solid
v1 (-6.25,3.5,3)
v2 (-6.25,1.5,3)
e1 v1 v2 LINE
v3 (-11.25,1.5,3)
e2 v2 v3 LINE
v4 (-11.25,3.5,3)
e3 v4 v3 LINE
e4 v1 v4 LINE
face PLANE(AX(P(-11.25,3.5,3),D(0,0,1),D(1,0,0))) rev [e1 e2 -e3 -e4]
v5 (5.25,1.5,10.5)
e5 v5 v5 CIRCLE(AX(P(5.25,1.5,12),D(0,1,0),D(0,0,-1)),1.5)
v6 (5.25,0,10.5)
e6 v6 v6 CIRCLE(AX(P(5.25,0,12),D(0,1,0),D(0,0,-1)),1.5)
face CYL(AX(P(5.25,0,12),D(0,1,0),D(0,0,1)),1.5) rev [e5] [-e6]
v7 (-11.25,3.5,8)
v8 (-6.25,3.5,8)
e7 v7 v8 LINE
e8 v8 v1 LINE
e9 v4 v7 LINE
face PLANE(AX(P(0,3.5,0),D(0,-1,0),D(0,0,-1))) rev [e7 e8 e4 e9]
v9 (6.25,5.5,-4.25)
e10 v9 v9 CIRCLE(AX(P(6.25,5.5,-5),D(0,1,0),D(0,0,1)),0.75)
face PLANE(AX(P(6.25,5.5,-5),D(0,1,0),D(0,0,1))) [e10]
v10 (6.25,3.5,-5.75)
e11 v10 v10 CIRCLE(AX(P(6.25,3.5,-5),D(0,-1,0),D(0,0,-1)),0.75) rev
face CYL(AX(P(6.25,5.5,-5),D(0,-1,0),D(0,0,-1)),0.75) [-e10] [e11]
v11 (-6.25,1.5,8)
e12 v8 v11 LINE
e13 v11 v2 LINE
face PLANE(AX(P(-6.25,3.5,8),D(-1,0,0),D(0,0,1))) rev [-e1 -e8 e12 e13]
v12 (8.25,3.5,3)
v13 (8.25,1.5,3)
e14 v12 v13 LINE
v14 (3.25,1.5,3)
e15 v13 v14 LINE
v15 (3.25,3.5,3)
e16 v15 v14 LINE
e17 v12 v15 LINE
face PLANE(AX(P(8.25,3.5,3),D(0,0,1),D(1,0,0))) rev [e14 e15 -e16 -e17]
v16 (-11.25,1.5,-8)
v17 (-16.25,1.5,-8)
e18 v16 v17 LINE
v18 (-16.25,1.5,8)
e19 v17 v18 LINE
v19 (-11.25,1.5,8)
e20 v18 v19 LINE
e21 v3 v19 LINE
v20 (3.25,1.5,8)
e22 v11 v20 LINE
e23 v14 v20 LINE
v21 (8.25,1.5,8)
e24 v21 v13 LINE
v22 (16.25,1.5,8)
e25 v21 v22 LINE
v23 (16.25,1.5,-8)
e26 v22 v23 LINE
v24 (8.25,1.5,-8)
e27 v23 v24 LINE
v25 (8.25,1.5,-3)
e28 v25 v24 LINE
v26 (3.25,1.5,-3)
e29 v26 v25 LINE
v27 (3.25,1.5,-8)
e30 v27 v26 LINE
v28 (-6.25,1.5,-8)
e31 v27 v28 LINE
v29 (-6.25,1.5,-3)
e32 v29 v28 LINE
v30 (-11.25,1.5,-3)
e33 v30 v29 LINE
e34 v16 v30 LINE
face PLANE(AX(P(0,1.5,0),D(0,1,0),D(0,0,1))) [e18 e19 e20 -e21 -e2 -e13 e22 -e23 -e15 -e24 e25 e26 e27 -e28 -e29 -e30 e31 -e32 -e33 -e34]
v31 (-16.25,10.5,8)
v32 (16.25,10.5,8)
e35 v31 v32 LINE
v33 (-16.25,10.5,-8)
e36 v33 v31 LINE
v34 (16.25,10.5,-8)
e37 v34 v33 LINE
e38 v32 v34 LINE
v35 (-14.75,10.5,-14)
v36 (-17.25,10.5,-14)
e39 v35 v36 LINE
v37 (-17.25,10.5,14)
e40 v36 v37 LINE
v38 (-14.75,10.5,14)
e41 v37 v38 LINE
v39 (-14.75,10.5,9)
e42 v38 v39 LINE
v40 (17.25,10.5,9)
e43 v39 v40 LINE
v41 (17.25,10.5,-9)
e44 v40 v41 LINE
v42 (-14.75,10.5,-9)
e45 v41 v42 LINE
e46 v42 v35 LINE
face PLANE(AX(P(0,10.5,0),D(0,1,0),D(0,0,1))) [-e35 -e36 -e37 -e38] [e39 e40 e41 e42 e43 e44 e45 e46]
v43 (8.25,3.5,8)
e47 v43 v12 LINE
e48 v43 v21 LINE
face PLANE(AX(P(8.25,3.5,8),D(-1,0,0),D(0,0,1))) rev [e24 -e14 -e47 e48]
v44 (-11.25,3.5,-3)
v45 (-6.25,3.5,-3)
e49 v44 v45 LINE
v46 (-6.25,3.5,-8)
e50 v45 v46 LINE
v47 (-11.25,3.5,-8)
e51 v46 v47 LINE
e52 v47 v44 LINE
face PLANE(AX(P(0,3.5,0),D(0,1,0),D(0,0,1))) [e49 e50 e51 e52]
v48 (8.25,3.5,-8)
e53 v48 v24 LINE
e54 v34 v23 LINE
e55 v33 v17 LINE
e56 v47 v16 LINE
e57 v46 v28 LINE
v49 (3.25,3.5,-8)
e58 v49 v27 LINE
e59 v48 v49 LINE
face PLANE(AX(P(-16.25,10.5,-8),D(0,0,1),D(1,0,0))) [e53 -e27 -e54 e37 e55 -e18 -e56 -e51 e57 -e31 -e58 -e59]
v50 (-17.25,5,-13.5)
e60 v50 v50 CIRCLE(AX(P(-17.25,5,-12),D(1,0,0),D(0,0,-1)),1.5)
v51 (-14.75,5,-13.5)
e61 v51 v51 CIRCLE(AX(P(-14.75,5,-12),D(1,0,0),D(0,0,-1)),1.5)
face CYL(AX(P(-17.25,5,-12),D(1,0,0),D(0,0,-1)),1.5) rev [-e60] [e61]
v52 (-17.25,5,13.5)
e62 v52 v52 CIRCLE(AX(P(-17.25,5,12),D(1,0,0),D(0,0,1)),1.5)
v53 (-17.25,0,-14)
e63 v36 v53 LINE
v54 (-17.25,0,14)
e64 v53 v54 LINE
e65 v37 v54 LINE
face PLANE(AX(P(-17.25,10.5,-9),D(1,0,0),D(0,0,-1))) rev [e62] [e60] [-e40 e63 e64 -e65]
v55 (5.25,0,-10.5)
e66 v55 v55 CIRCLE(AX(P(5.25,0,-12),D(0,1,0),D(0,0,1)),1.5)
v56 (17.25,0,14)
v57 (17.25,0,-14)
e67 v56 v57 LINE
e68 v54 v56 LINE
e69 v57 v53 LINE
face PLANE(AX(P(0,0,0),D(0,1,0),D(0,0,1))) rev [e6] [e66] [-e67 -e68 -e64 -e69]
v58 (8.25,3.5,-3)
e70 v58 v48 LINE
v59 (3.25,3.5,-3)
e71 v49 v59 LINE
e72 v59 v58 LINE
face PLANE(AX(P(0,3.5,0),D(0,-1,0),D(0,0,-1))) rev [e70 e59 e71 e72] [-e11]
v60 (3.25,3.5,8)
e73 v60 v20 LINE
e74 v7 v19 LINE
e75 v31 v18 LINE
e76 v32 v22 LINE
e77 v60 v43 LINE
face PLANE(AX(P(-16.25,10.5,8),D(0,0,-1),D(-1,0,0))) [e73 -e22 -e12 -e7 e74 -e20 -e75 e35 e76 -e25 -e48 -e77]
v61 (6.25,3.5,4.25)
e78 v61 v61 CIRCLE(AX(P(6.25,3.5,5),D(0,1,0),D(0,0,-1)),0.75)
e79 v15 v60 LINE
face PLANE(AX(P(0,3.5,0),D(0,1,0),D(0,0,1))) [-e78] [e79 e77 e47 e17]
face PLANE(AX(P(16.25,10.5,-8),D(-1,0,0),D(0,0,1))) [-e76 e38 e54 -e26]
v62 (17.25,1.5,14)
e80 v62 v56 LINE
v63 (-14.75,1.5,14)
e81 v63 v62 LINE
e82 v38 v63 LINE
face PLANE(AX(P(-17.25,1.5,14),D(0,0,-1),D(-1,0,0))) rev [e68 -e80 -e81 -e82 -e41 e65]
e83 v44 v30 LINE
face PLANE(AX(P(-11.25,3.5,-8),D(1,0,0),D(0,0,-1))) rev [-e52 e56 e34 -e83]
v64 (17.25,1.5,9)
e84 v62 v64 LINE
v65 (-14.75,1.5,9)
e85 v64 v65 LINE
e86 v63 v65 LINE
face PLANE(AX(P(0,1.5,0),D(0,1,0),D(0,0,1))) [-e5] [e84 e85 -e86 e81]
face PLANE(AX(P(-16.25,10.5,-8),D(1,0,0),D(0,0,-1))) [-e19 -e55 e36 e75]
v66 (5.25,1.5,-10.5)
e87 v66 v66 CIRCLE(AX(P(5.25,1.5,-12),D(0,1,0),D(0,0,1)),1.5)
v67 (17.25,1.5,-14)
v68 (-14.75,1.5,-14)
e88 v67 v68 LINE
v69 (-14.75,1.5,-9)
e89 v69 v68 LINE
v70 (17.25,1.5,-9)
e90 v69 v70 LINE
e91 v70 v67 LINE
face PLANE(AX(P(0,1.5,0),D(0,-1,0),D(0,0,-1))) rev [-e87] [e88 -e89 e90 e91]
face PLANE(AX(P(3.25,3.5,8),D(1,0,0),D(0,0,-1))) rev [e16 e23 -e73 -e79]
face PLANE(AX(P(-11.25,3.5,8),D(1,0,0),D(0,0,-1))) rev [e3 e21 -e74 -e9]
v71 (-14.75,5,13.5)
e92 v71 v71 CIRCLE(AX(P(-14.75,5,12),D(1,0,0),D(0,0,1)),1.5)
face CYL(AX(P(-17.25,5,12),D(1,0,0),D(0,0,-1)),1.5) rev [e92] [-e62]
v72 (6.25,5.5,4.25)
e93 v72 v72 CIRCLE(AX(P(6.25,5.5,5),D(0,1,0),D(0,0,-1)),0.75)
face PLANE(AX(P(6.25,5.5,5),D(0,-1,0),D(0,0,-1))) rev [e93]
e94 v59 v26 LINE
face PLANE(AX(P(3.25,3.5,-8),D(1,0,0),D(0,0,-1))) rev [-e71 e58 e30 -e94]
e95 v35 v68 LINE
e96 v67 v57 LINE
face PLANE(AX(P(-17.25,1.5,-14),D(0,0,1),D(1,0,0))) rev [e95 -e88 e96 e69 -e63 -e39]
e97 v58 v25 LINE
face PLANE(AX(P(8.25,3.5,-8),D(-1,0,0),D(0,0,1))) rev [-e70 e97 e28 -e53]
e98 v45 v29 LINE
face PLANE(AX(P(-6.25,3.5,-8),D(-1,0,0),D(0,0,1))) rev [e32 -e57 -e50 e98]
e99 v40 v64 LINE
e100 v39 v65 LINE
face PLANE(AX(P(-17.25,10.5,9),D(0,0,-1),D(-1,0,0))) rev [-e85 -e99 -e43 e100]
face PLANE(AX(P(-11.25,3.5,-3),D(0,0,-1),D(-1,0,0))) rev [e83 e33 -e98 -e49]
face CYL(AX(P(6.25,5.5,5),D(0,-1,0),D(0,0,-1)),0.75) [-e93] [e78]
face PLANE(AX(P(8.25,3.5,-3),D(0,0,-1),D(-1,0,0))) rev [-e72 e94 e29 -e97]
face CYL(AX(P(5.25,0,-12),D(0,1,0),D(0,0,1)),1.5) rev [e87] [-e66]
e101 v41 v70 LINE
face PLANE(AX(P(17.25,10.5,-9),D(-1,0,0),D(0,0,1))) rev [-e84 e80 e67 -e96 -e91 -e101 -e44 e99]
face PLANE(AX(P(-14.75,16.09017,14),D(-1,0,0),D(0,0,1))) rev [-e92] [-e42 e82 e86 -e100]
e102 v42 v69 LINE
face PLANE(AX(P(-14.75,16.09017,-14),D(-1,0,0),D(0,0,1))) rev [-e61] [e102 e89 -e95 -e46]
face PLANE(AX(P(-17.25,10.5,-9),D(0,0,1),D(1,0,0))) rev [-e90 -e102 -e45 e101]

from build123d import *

# Parameters (mm, degrees)
SKETCH1_W           = 32.5
SKETCH1_H           = 16
BOSS_EXTRUDE1_DEPTH = 1.5
SKETCH3_W           = 34.5
SKETCH3_H           = 18
SKETCH3_W_2         = 32.5
SKETCH3_H_2         = 16
BOSS_EXTRUDE2_DEPTH = 10.5
SKETCH4_W           = 5
SKETCH4_H           = 5
BOSS_EXTRUDE3_DEPTH = 2
SKETCH6_W           = 34.5
SKETCH6_H           = 5
BOSS_EXTRUDE5_DEPTH = 1.5
SKETCH7_R           = 1.5
CUT_EXTRUDE1_DEPTH  = 1.5
SKETCH8_W           = 2.5
SKETCH8_H           = 5
BOSS_EXTRUDE6_DEPTH = 9
SKETCH9_R           = 1.5
CUT_EXTRUDE2_DEPTH  = 37.47259245
SKETCH10_R          = 0.75
BOSS_EXTRUDE7_DEPTH = 2


with BuildPart() as part:
    # Sketch1 → Boss-Extrude1 (new body)
    with BuildSketch(Plane(origin=(0, 0, 0), x_dir=(1, 0, 0), z_dir=(0, 1, 0))):
        Rectangle(SKETCH1_W, SKETCH1_H)
    extrude(amount=BOSS_EXTRUDE1_DEPTH)

    # Sketch3 → Boss-Extrude2 (add)
    with BuildSketch(Plane(origin=(0, 0, 0), x_dir=(1, 0, 0), z_dir=(0, 1, 0))):
        Rectangle(SKETCH3_W, SKETCH3_H)
        Rectangle(SKETCH3_W_2, SKETCH3_H_2, mode=Mode.SUBTRACT)
    extrude(amount=BOSS_EXTRUDE2_DEPTH)

    # Sketch4 → Boss-Extrude3 (add)
    with BuildSketch(Plane(origin=(0, 1.5, 0), x_dir=(1, 0, 0), z_dir=(0, 1, 0))):
        with Locations((5.75, 5.5)):
            Rectangle(SKETCH4_W, SKETCH4_H)
        with Locations((5.75, -5.5)):
            Rectangle(SKETCH4_W, SKETCH4_H)
        with Locations((-8.75, 5.5)):
            Rectangle(SKETCH4_W, SKETCH4_H)
        with Locations((-8.75, -5.5)):
            Rectangle(SKETCH4_W, SKETCH4_H)
    extrude(amount=BOSS_EXTRUDE3_DEPTH)

    # Sketch6 → Boss-Extrude5 (add)
    with BuildSketch(Plane(origin=(0, 0, 0), x_dir=(1, 0, 0), z_dir=(0, 1, 0))):
        with Locations((0, 11.5)):
            Rectangle(SKETCH6_W, SKETCH6_H)
        with Locations((0, -11.5)):
            Rectangle(SKETCH6_W, SKETCH6_H)
    extrude(amount=BOSS_EXTRUDE5_DEPTH)

    # Sketch7 → Cut-Extrude1 (cut)
    with BuildSketch(Plane(origin=(0, 1.5, 0), x_dir=(1, 0, 0), z_dir=(0, 1, 0))):
        with Locations(Location((5.25, 12, 0), (0, 0, 270))):
            Circle(SKETCH7_R)
        with Locations(Location((5.25, -12, 0), (0, 0, 90))):
            Circle(SKETCH7_R)
    extrude(amount=-CUT_EXTRUDE1_DEPTH, mode=Mode.SUBTRACT)

    # Sketch8 → Boss-Extrude6 (add)
    with BuildSketch(Plane(origin=(0, 1.5, 0), x_dir=(1, 0, 0), z_dir=(0, 1, 0))):
        with Locations((-16, 11.5)):
            Rectangle(SKETCH8_W, SKETCH8_H)
        with Locations((-16, -11.5)):
            Rectangle(SKETCH8_W, SKETCH8_H)
    extrude(amount=BOSS_EXTRUDE6_DEPTH)

    # Sketch9 → Cut-Extrude2 (cut, through all)
    with BuildSketch(Plane(origin=(-14.75, 0, 0), x_dir=(0, 0, -1), z_dir=(1, 0, 0))):
        with Locations((12, 5)):
            Circle(SKETCH9_R)
        with Locations(Location((-12, 5, 0), (0, 0, 180))):
            Circle(SKETCH9_R)
    extrude(amount=-CUT_EXTRUDE2_DEPTH, mode=Mode.SUBTRACT)

    # Sketch10 → Boss-Extrude7 (add)
    with BuildSketch(Plane(origin=(0, 3.5, 0), x_dir=(1, 0, 0), z_dir=(0, 1, 0))):
        with Locations(Location((6.25, 5, 0), (0, 0, 90))):
            Circle(SKETCH10_R)
        with Locations(Location((6.25, -5, 0), (0, 0, 90))):
            Circle(SKETCH10_R)
    extrude(amount=BOSS_EXTRUDE7_DEPTH)


solid = part.part
